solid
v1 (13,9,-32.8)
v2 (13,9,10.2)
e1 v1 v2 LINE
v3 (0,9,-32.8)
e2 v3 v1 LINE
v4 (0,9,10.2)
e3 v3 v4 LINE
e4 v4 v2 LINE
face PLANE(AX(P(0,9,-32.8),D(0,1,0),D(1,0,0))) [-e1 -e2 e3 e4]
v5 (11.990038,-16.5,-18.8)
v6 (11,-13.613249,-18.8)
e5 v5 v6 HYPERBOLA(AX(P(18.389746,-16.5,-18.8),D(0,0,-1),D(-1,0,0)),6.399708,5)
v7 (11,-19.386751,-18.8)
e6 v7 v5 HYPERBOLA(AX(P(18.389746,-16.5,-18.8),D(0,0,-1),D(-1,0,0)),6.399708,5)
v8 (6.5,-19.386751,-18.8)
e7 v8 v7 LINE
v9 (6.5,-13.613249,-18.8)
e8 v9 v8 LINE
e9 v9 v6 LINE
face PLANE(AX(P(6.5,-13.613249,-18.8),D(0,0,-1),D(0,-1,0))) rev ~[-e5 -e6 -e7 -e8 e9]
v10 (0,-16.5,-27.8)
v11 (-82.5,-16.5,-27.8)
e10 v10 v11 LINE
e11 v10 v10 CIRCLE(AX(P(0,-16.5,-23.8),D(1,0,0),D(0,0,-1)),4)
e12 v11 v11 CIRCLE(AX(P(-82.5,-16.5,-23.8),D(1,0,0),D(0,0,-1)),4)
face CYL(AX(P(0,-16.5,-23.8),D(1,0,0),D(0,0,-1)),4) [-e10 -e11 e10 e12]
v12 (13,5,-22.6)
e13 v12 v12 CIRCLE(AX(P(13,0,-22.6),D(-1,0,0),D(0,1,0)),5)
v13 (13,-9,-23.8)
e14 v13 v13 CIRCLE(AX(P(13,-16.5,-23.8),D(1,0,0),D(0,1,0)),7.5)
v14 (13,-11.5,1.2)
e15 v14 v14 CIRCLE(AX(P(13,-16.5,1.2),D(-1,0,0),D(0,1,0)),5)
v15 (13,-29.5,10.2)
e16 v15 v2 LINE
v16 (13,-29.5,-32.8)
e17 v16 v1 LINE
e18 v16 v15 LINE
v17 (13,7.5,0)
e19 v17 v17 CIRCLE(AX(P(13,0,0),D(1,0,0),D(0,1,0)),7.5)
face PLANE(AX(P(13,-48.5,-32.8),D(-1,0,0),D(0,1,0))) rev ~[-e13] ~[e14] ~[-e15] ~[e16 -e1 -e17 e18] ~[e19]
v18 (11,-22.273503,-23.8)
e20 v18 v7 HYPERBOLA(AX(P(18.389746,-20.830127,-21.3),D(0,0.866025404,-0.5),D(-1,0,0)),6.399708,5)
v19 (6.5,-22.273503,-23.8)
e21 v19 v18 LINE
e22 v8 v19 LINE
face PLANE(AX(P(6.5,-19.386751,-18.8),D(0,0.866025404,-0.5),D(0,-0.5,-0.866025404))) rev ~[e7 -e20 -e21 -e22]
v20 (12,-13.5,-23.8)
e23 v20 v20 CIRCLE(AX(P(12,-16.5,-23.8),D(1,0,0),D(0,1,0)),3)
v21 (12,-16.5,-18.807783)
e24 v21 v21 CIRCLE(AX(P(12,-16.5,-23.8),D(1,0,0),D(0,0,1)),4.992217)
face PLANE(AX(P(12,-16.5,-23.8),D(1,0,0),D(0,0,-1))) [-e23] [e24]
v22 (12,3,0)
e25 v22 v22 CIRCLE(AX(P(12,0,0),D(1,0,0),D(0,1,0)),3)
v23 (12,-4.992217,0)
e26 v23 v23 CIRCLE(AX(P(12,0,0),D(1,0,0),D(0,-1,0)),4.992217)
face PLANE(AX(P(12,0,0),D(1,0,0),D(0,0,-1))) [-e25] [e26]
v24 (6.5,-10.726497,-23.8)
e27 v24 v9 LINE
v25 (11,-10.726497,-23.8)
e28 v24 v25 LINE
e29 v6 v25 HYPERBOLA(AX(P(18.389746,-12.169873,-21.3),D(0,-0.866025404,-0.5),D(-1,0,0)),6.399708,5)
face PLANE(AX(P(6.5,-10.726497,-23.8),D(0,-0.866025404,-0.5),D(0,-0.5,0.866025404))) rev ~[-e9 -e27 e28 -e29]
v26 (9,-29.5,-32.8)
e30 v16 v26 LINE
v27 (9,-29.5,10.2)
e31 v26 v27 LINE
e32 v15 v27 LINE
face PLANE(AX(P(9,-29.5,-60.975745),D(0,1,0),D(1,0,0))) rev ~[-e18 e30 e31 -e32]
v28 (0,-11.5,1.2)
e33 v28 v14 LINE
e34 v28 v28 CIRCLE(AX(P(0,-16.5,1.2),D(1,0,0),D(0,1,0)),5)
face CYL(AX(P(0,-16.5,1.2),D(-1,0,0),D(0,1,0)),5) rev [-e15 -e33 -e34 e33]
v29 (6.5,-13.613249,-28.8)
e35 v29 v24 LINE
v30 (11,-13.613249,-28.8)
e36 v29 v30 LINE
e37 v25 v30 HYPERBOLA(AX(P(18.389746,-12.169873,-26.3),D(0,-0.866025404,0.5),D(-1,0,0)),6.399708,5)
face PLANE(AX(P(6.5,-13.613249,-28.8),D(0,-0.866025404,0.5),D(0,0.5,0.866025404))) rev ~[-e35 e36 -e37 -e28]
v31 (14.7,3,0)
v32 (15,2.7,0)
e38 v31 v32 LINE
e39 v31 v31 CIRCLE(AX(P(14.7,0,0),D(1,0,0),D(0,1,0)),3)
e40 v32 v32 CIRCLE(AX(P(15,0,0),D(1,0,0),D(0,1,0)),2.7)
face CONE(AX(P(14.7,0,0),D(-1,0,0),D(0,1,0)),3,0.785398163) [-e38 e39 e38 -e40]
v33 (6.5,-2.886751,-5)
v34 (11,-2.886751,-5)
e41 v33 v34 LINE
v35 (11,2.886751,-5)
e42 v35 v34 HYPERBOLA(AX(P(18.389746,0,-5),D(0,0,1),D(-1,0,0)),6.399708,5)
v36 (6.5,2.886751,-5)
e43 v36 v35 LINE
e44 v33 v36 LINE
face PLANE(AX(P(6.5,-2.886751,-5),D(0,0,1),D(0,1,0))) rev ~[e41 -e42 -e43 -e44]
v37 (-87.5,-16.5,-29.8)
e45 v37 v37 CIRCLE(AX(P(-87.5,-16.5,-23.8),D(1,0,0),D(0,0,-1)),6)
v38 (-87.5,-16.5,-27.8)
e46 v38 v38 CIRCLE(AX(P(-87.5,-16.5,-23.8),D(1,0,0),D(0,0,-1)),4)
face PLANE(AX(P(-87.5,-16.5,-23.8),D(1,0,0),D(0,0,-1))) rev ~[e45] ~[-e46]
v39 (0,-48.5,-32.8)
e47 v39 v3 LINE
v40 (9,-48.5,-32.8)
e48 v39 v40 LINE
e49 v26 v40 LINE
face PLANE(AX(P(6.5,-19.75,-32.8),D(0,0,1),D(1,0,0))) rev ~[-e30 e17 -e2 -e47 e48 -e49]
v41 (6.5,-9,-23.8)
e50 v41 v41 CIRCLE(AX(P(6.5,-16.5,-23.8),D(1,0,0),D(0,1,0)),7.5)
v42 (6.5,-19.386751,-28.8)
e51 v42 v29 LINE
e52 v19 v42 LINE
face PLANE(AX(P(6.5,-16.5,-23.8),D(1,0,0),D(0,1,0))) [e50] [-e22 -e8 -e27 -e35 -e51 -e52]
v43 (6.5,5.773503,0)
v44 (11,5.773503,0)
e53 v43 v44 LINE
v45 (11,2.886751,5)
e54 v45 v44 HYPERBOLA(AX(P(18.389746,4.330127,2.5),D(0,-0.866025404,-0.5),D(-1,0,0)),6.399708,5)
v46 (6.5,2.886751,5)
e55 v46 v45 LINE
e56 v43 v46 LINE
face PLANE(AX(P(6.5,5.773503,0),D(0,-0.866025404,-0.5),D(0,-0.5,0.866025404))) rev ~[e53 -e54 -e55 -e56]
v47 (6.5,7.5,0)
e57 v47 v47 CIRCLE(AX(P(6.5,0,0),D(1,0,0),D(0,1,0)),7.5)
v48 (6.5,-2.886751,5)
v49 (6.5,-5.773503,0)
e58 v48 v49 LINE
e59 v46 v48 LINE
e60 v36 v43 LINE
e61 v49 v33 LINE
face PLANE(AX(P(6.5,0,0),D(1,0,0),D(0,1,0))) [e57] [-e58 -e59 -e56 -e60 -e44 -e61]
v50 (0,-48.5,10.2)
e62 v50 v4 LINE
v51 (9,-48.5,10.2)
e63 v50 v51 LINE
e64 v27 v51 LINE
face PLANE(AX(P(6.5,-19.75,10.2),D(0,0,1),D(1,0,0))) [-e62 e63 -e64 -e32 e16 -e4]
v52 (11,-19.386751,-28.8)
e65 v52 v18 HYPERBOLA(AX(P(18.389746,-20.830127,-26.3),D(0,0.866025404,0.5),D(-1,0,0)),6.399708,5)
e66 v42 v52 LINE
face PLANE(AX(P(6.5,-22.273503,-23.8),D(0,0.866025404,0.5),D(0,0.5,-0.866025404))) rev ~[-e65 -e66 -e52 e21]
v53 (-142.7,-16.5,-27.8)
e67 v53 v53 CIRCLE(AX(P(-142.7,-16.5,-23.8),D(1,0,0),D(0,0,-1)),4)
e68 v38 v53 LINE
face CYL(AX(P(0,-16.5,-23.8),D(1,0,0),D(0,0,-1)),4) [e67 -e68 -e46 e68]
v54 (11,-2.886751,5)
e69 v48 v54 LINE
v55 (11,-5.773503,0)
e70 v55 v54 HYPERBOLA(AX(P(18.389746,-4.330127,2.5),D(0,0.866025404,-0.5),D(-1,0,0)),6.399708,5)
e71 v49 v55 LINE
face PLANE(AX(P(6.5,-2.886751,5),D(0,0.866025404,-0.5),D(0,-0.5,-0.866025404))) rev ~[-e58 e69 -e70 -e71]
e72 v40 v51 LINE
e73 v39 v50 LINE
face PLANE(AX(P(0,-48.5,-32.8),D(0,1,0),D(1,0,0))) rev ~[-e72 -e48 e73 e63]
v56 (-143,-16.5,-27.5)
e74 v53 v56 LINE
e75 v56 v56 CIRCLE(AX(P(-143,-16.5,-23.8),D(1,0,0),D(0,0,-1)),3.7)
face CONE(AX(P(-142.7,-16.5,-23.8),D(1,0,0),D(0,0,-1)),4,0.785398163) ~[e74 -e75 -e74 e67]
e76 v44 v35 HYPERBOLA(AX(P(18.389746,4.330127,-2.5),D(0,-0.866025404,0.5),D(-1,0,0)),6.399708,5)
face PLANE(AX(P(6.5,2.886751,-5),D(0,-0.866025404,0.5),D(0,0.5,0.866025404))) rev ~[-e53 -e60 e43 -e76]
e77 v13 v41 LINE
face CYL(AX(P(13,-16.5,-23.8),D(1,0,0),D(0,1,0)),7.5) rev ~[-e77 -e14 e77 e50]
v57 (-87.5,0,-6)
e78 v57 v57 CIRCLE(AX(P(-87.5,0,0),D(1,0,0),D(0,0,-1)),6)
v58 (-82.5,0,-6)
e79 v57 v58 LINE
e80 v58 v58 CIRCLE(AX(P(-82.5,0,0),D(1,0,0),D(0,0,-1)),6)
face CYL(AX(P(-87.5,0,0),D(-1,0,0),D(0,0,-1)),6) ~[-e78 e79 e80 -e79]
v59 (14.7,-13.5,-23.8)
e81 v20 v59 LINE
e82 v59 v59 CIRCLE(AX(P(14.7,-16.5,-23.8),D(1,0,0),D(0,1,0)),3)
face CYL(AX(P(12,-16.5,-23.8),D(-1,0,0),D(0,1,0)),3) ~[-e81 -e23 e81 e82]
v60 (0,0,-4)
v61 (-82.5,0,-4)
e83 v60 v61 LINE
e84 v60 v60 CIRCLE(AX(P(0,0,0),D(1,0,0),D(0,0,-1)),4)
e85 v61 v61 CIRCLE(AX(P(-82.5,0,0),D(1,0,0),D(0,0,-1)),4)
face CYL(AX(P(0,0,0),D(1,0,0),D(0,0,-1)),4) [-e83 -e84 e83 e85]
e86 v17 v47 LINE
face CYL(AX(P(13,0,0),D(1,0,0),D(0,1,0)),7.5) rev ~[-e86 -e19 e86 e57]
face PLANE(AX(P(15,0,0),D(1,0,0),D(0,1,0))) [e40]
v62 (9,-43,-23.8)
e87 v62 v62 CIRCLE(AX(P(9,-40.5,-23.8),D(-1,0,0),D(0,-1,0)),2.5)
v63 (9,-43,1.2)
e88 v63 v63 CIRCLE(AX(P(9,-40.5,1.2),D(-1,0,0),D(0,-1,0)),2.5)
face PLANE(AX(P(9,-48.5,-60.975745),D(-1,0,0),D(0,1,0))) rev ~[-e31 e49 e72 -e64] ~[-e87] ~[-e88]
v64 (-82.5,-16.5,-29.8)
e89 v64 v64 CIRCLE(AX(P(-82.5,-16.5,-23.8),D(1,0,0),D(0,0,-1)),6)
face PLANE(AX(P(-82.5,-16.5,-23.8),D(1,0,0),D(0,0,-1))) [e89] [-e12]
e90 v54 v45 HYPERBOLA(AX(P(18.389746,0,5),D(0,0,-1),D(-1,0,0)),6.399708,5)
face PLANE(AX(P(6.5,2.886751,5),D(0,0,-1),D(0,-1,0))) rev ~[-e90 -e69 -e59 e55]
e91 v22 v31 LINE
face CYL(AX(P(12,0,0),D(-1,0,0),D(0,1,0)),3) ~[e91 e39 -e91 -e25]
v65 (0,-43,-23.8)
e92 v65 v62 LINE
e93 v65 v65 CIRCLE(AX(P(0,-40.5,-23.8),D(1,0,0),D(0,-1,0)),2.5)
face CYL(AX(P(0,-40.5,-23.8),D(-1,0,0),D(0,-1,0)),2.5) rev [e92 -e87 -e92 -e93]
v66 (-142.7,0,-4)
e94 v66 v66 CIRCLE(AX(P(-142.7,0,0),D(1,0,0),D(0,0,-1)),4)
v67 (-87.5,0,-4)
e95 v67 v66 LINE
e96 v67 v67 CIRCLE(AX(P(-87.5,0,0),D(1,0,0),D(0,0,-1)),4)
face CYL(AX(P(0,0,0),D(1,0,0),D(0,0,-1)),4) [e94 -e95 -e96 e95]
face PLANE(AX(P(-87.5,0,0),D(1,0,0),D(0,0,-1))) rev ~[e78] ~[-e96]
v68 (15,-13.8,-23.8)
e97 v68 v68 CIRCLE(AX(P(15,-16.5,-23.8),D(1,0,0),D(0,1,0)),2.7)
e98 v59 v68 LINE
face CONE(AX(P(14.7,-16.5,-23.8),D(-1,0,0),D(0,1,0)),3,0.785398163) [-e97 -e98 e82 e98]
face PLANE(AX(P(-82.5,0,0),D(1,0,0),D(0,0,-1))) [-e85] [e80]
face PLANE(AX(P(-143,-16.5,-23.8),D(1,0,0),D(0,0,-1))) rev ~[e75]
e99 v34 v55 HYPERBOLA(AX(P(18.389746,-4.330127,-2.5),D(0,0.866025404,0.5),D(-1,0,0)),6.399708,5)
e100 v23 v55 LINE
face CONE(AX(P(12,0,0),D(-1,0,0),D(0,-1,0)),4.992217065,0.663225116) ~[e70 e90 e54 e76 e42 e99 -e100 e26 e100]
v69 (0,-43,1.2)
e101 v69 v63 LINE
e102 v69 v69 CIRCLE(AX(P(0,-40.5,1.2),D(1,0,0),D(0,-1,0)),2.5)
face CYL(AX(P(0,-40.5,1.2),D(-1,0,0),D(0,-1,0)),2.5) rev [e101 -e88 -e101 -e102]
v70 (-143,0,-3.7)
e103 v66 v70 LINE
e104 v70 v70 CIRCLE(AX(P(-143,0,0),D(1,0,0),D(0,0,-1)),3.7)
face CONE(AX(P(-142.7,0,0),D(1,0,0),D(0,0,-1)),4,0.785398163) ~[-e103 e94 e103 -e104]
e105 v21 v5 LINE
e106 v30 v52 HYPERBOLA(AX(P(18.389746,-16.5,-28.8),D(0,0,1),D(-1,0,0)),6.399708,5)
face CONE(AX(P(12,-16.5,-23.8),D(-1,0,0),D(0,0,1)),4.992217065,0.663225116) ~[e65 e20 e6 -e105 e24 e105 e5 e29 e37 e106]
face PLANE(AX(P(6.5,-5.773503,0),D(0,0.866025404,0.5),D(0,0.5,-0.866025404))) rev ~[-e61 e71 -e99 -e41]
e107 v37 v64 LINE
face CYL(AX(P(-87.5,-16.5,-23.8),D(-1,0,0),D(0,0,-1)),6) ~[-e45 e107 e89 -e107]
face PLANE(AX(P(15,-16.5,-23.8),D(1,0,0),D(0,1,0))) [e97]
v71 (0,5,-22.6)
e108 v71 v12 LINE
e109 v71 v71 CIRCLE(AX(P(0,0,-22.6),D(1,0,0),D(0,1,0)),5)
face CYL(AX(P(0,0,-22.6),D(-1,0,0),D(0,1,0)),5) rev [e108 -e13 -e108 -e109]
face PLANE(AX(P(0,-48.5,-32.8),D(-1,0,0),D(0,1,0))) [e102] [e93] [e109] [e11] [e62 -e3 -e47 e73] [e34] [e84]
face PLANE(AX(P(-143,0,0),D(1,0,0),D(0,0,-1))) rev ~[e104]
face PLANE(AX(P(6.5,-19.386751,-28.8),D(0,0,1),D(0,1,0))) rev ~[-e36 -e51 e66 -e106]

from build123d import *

# Parameters (mm, degrees)
BOSS_EXTRUDE1_DEPTH      = 10.2
BOSS_EXTRUDE1_DEPTH_BACK = 32.8
SKETCH1_W                = 13
SKETCH1_H                = 57.5
CUT_EXTRUDE1_DEPTH       = 60.975745097
CUT_EXTRUDE1_DEPTH_BACK  = 60.975745097
SKETCH3_W                = 4
SKETCH3_H                = 19
SKETCH4_R                = 7.5
CUT_EXTRUDE2_DEPTH       = 6.5
BOSS_EXTRUDE2_DEPTH      = 5.5
SKETCH8_R                = 3
BOSS_EXTRUDE3_DEPTH      = 3
CHAMFER1_SIZE            = 0.3
SKETCH10_R               = 5
CUT_EXTRUDE3_DEPTH       = 61.44079748
SKETCH9_R                = 4
BOSS_EXTRUDE4_DEPTH      = 143
CHAMFER2_SIZE            = 0.3
SKETCH11_R               = 2.5
CUT_EXTRUDE4_DEPTH       = 155.522134337
SKETCH12_R               = 6
BOSS_EXTRUDE5_DEPTH      = 5


with BuildPart() as part:
    # Sketch1 → Boss-Extrude1 (new, two sides: drawn at the far end of the back side and taken through both)
    with BuildSketch(Plane.XY.offset(-BOSS_EXTRUDE1_DEPTH_BACK)):
        with Locations((6.5, -19.75)):
            Rectangle(SKETCH1_W, SKETCH1_H)
    extrude(amount=BOSS_EXTRUDE1_DEPTH + BOSS_EXTRUDE1_DEPTH_BACK)

    # Sketch3 → Cut-Extrude1 (cut, two sides: drawn at the far end of the back side and taken through both)
    with BuildSketch(Plane.XY.offset(-CUT_EXTRUDE1_DEPTH_BACK)):
        with Locations((11, -39)):
            Rectangle(SKETCH3_W, SKETCH3_H)
    extrude(amount=CUT_EXTRUDE1_DEPTH + CUT_EXTRUDE1_DEPTH_BACK, mode=Mode.SUBTRACT)

    # Sketch4 → Cut-Extrude2 (cut)
    with BuildSketch(Plane(origin=(13, 0, 0), x_dir=(0, 0, -1), z_dir=(1, 0, 0))):
        with Locations(Location((0, 0, 0), (0, 0, 90))):
            Circle(SKETCH4_R)
        with Locations(Location((23.8, -16.5, 0), (0, 0, 90))):
            Circle(SKETCH4_R)
    extrude(amount=-CUT_EXTRUDE2_DEPTH, mode=Mode.SUBTRACT)

    # Sketch5 → Boss-Extrude2 (add)
    with BuildSketch(Plane(origin=(6.5, 0, 0), x_dir=(0, 0, -1), z_dir=(1, 0, 0))):
        Polygon((0, 5.773502692), (-5, 2.886751346), (-5, -2.886751346), (0, -5.773502692), (5, -2.886751346), (5, 2.886751346), align=None)
        Polygon((23.8, -10.726497308), (18.8, -13.613248654), (18.8, -19.386751346), (23.8, -22.273502692), (28.8, -19.386751346), (28.8, -13.613248654), align=None)
    extrude(amount=BOSS_EXTRUDE2_DEPTH)

    # Sketch6 → Cut-Revolve1 (revolve, cut)
    with BuildSketch(Plane(origin=(0, 0, 0), x_dir=(-1, 0, 0), z_dir=(0, 0, -1)), mode=Mode.PRIVATE) as cut_revolve1_sk:
        Polygon((-12, 5.773502692), (-12, 4.992217065), (-11, 5.773502692), align=None)
    revolve(cut_revolve1_sk.sketch.rotate(Axis((6.5, 0, 0), (1, 0, 0)), 180), axis=Axis((6.5, 0, 0), (1, 0, 0)), mode=Mode.SUBTRACT)

    # Sketch7 → Cut-Revolve2 (revolve, cut)
    with BuildSketch(Plane(origin=(0, 0, -23.8), x_dir=(-1, 0, 0), z_dir=(0, 0, -1)), mode=Mode.PRIVATE) as cut_revolve2_sk:
        Polygon((-11, -10.726497308), (-12, -10.726497308), (-12, -11.507782935), align=None)
    revolve(cut_revolve2_sk.sketch.rotate(Axis((6.5, -16.5, -23.8), (1, 0, 0)), 90), axis=Axis((6.5, -16.5, -23.8), (1, 0, 0)), mode=Mode.SUBTRACT)

    # Sketch8 → Boss-Extrude3 (add)
    with BuildSketch(Plane(origin=(12, 0, 0), x_dir=(0, 0, -1), z_dir=(1, 0, 0))):
        with Locations(Location((0, 0, 0), (0, 0, 90))):
            Circle(SKETCH8_R)
        with Locations(Location((23.8, -16.5, 0), (0, 0, 90))):
            Circle(SKETCH8_R)
    extrude(amount=BOSS_EXTRUDE3_DEPTH)

    # Chamfer1
    chamfer1_edges = [part.edges().sort_by_distance(p)[0] for p in [
        (15, -3, 0),
        (15, -19.5, -23.8),
    ]]
    chamfer(chamfer1_edges, length=CHAMFER1_SIZE)

    # Sketch10 → Cut-Extrude3 (cut, through all)
    with BuildSketch(Plane(origin=(0, 0, 0), x_dir=(0, 0, -1), z_dir=(1, 0, 0))):
        with Locations(Location((22.6, 0, 0), (0, 0, 90))):
            Circle(SKETCH10_R)
        with Locations(Location((-1.2, -16.5, 0), (0, 0, 90))):
            Circle(SKETCH10_R)
    extrude(amount=CUT_EXTRUDE3_DEPTH, mode=Mode.SUBTRACT)

    # Sketch9 → Boss-Extrude4 (add)
    with BuildSketch(Plane(origin=(0, 0, 0), x_dir=(0, 0, -1), z_dir=(1, 0, 0))):
        with Locations((23.8, -16.5)):
            Circle(SKETCH9_R)
        Circle(SKETCH9_R)
    extrude(amount=-BOSS_EXTRUDE4_DEPTH)

    # Chamfer2
    chamfer2_edges = [part.edges().sort_by_distance(p)[0] for p in [
        (-143, -16.5, -19.8),
        (-143, 0, 4),
    ]]
    chamfer(chamfer2_edges, length=CHAMFER2_SIZE)

    # Sketch11 → Cut-Extrude4 (cut, through all)
    with BuildSketch(Plane(origin=(0, 0, 0), x_dir=(0, 0, -1), z_dir=(1, 0, 0))):
        with Locations(Location((-1.2, -40.5, 0), (0, 0, 270))):
            Circle(SKETCH11_R)
        with Locations(Location((23.8, -40.5, 0), (0, 0, 270))):
            Circle(SKETCH11_R)
    extrude(amount=CUT_EXTRUDE4_DEPTH, mode=Mode.SUBTRACT)

    # Sketch12 → Boss-Extrude5 (add)
    with BuildSketch(Plane(origin=(-87.5, 0, 0), x_dir=(0, 0, -1), z_dir=(1, 0, 0))):
        Circle(SKETCH12_R)
        with Locations((23.8, -16.5)):
            Circle(SKETCH12_R)
    extrude(amount=BOSS_EXTRUDE5_DEPTH)


solid = part.part
